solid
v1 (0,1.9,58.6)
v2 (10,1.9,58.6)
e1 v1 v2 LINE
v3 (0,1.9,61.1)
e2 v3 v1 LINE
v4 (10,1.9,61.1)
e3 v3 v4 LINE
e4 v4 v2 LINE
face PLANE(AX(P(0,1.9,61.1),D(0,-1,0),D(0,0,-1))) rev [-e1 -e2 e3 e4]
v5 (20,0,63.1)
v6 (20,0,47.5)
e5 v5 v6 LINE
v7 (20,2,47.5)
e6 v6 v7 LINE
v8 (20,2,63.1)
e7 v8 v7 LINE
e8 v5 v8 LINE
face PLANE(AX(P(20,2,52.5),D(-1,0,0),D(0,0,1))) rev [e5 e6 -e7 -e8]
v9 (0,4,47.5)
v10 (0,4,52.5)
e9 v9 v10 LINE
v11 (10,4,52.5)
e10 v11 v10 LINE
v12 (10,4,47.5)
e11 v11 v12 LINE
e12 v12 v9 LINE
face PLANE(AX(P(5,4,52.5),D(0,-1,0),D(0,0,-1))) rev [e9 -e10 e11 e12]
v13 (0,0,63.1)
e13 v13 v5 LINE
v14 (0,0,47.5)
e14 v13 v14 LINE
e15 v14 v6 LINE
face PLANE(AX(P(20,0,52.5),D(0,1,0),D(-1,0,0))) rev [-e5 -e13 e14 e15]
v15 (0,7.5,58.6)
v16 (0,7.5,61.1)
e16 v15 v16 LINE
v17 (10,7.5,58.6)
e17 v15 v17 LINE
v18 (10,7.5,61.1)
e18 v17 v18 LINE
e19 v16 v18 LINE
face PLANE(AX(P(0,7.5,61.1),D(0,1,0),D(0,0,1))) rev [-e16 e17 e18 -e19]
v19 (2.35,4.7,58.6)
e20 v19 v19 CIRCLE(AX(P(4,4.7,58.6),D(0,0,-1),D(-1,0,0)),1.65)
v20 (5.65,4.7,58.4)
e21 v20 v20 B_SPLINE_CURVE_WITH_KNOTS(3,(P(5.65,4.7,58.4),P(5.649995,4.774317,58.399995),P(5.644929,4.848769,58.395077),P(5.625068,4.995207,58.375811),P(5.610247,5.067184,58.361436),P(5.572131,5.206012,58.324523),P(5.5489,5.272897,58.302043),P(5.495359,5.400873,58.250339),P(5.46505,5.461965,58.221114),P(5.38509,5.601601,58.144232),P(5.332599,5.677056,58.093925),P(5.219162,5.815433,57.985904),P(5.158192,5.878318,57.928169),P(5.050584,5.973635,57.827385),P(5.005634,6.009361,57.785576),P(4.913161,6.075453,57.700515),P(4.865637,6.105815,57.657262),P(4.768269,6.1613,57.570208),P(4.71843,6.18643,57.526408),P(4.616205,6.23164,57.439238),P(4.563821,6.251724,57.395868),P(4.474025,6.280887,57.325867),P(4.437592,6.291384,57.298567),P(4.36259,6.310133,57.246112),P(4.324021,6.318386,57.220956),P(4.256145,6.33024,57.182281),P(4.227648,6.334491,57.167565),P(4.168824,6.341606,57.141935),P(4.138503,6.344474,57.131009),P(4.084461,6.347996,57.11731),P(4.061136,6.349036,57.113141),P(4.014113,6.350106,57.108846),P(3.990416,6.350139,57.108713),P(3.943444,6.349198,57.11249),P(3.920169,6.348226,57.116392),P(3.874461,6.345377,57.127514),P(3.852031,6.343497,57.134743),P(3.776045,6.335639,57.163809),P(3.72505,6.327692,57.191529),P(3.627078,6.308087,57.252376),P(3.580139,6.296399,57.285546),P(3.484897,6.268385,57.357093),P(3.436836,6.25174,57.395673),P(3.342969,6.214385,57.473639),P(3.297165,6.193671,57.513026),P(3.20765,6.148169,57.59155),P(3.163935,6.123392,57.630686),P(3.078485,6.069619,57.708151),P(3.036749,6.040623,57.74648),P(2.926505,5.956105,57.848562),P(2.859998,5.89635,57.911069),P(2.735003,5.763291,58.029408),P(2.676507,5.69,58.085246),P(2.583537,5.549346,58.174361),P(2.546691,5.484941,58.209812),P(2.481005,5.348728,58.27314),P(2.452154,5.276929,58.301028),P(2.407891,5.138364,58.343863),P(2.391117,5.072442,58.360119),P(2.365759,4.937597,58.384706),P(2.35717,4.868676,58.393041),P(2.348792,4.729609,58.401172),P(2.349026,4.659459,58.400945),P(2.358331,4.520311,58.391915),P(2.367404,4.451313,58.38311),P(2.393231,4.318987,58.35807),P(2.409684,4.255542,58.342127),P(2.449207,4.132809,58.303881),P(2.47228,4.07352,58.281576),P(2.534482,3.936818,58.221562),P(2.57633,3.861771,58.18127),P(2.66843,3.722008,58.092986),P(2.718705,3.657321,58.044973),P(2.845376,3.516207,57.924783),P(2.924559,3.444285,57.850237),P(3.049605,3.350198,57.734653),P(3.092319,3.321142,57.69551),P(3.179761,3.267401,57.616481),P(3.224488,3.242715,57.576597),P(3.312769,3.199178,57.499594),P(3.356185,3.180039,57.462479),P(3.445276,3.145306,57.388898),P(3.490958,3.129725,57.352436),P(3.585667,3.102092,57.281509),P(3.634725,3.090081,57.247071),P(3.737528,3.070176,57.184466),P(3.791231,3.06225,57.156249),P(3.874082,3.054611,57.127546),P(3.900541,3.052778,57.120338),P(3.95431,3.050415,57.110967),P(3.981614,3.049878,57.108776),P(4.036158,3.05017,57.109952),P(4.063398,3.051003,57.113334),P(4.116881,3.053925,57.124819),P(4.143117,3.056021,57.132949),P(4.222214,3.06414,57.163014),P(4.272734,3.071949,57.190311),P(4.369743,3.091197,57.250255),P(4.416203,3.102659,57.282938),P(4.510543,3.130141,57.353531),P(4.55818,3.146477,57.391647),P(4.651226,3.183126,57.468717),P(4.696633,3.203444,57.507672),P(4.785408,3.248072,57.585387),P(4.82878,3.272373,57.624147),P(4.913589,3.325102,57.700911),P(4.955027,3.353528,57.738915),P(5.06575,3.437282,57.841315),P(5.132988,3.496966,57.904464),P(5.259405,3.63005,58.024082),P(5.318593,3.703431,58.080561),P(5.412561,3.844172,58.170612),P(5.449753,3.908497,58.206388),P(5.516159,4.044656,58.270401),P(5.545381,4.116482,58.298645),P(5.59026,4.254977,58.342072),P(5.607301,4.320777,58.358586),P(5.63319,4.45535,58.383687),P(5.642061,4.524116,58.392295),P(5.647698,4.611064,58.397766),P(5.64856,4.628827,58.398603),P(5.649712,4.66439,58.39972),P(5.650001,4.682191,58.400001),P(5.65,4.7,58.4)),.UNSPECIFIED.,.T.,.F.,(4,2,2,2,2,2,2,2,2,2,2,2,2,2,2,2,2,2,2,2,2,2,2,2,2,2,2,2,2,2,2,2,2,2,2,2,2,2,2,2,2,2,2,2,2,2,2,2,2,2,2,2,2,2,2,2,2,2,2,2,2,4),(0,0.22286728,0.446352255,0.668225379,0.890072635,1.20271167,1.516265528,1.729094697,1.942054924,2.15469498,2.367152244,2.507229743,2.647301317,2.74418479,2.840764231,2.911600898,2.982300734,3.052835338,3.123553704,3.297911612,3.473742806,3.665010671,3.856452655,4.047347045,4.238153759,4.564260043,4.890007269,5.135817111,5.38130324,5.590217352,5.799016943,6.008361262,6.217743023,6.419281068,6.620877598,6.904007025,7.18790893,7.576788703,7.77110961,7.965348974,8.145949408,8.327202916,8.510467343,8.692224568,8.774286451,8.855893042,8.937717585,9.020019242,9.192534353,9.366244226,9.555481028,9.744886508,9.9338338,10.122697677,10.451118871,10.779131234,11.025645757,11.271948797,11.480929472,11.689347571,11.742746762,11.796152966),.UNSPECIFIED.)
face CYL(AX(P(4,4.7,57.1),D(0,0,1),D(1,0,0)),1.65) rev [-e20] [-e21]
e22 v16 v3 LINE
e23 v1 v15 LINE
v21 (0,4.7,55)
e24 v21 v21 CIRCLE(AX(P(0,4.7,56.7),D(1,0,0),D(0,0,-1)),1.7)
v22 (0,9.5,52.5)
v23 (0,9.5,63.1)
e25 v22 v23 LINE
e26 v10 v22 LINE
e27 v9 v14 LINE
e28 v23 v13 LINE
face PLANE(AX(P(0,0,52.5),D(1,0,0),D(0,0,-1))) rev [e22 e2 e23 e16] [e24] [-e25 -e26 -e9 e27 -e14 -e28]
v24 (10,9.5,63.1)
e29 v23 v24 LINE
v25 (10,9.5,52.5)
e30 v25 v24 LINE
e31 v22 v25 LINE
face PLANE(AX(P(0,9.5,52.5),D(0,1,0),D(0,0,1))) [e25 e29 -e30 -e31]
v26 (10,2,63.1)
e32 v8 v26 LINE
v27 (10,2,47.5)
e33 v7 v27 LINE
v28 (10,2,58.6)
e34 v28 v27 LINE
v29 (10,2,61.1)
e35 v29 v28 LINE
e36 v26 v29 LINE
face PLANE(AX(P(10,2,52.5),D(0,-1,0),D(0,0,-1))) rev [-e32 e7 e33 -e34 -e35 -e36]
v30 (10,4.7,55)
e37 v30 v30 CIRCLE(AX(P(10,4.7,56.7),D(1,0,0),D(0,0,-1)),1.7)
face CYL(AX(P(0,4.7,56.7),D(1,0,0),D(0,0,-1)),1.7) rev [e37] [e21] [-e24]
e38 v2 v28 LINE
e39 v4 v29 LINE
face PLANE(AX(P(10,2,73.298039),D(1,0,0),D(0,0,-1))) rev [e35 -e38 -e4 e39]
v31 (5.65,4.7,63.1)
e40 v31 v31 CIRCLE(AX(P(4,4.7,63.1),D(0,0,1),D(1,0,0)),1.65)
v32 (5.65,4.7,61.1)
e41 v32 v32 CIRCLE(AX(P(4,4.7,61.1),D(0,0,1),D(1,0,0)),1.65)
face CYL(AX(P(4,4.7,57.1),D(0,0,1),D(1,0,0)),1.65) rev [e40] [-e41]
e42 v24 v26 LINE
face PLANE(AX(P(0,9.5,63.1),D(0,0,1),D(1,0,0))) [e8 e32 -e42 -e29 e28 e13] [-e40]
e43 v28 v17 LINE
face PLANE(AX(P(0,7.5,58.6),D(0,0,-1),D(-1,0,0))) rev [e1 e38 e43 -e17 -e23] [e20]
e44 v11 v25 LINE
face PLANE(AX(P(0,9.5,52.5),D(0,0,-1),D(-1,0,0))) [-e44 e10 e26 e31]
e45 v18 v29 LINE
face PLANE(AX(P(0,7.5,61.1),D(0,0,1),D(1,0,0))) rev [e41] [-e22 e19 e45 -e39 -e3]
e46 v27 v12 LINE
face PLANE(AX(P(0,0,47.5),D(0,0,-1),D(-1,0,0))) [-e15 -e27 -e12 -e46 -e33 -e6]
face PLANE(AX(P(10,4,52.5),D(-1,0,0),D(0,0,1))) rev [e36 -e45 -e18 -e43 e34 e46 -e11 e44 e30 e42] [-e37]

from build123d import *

# Parameters (mm, degrees)
RESSALTO_EXTRUS_O1_DEPTH             = 52.5
ESBO_O3_W                            = 10
ESBO_O3_H                            = 4
RESSALTO_EXTRUS_O2_DEPTH             = 5
ESBO_O4_R                            = 1.7
ESBO_O4_W                            = 2.5
ESBO_O4_H                            = 5.6
RESSALTO_EXTRUS_O3_DEPTH             = 10
ESBO_O5_R                            = 1.65
CORTE_EXTRUS_O1_DEPTH                = 6
RESSALTO_EXTRUS_O4_REACH             = 12.6
ESBO_O6_W                            = 10
ESBO_O6_H                            = 2
RESSALTO_EXTRUS_O4_DIRECTION_2_REACH = 117.6
ESBO_O7_W                            = 20
ESBO_O7_H                            = 110.6
CORTE_EXTRUS_O2_DEPTH                = 6.5
CORTE_EXTRUS_O2_DEPTH_BACK           = 5


with BuildPart() as part:
    # Esboço1 → Ressalto-extrusão1 (new body, symmetric)
    with BuildSketch(Plane.XY):
        Polygon((0, 0), (0, 2), (5, 2), (5, 4), (10, 4), (10, 2), (20, 2), (20, 0), align=None)
    extrude(amount=RESSALTO_EXTRUS_O1_DEPTH, both=True)

    # Esboço3 → Ressalto-extrusão2 (add)
    with BuildSketch(Plane.XY.offset(52.5)):
        with Locations((5, 2)):
            Rectangle(ESBO_O3_W, ESBO_O3_H)
    extrude(amount=-RESSALTO_EXTRUS_O2_DEPTH)

    # Esboço4 → Ressalto-extrusão3 (add, through all)
    with BuildSketch(Plane(origin=(10, 0, 0), x_dir=(0, 0, -1), z_dir=(1, 0, 0))):
        Polygon((-52.5, 9.5), (-63.1, 9.5), (-63.1, 0), (-52.5, 0), (-52.5, 3.742943079), align=None)
        with Locations((-56.7, 4.7)):
            Circle(ESBO_O4_R, mode=Mode.SUBTRACT)
        with Locations((-59.85, 4.7)):
            Rectangle(ESBO_O4_W, ESBO_O4_H, mode=Mode.SUBTRACT)
    ressalto_extrus_o3 = extrude(amount=-RESSALTO_EXTRUS_O3_DEPTH)

    # Esboço5 → Corte-extrusão1 (cut)
    with BuildSketch(Plane.XY.offset(63.1)):
        with Locations((4, 4.7)):
            Circle(ESBO_O5_R)
    corte_extrus_o1 = extrude(amount=-CORTE_EXTRUS_O1_DEPTH, mode=Mode.SUBTRACT)

    # Espelhar1: Ressalto-extrusão3, Corte-extrusão1 across plane
    add(ressalto_extrus_o3.mirror(Plane.XY))
    add(corte_extrus_o1.mirror(Plane.XY), mode=Mode.SUBTRACT)

    # Ressalto-extrusão4: up to this face of the body (flat: up to its plane)
    ressalto_extrus_o4_end = Plane(part.part.faces().sort_by_distance((5, 9.362068858, 63.1))[0])
    # Esboço6 → Ressalto-extrusão4 (add, up to the picked face)
    with BuildSketch(Plane.XY.offset(52.5), mode=Mode.PRIVATE) as ressalto_extrus_o4_sk1:
        with Locations((15, 1)):
            Rectangle(ESBO_O6_W, ESBO_O6_H)
    ressalto_extrus_o4_tool1 = split(extrude(ressalto_extrus_o4_sk1.sketch, amount=RESSALTO_EXTRUS_O4_REACH, mode=Mode.PRIVATE), bisect_by=ressalto_extrus_o4_end, keep=Keep.BOTH, mode=Mode.PRIVATE)
    add(ressalto_extrus_o4_tool1.solids().sort_by_distance((15, 1, 52.5))[0])

    # Ressalto-extrusão4 direction 2: up to this face of the body (flat: up to its plane)
    ressalto_extrus_o4_direction_2_end = Plane(part.part.faces().sort_by_distance((5, 9.362068858, -63.1))[0])
    # Esboço6 → Ressalto-extrusão4 direction 2 (add, up to the picked face)
    with BuildSketch(Plane.XY.offset(52.5), mode=Mode.PRIVATE) as ressalto_extrus_o4_direction_2_sk1:
        with Locations((15, 1)):
            Rectangle(ESBO_O6_W, ESBO_O6_H)
    ressalto_extrus_o4_direction_2_tool1 = split(extrude(ressalto_extrus_o4_direction_2_sk1.sketch, amount=-RESSALTO_EXTRUS_O4_DIRECTION_2_REACH, mode=Mode.PRIVATE), bisect_by=ressalto_extrus_o4_direction_2_end, keep=Keep.BOTH, mode=Mode.PRIVATE)
    add(ressalto_extrus_o4_direction_2_tool1.solids().sort_by_distance((15, 1, 52.5))[0])

    # Esboço7 → Corte-extrusão2 (cut, two sides)
    with BuildSketch(Plane(origin=(0, 4, 0), x_dir=(1, 0, 0), z_dir=(0, 1, 0))) as corte_extrus_o2_sk:
        with Locations((10, 7.8)):
            Rectangle(ESBO_O7_W, ESBO_O7_H)
    extrude(amount=CORTE_EXTRUS_O2_DEPTH, mode=Mode.SUBTRACT)
    extrude(corte_extrus_o2_sk.sketch, amount=-CORTE_EXTRUS_O2_DEPTH_BACK, mode=Mode.SUBTRACT)


solid = part.part
